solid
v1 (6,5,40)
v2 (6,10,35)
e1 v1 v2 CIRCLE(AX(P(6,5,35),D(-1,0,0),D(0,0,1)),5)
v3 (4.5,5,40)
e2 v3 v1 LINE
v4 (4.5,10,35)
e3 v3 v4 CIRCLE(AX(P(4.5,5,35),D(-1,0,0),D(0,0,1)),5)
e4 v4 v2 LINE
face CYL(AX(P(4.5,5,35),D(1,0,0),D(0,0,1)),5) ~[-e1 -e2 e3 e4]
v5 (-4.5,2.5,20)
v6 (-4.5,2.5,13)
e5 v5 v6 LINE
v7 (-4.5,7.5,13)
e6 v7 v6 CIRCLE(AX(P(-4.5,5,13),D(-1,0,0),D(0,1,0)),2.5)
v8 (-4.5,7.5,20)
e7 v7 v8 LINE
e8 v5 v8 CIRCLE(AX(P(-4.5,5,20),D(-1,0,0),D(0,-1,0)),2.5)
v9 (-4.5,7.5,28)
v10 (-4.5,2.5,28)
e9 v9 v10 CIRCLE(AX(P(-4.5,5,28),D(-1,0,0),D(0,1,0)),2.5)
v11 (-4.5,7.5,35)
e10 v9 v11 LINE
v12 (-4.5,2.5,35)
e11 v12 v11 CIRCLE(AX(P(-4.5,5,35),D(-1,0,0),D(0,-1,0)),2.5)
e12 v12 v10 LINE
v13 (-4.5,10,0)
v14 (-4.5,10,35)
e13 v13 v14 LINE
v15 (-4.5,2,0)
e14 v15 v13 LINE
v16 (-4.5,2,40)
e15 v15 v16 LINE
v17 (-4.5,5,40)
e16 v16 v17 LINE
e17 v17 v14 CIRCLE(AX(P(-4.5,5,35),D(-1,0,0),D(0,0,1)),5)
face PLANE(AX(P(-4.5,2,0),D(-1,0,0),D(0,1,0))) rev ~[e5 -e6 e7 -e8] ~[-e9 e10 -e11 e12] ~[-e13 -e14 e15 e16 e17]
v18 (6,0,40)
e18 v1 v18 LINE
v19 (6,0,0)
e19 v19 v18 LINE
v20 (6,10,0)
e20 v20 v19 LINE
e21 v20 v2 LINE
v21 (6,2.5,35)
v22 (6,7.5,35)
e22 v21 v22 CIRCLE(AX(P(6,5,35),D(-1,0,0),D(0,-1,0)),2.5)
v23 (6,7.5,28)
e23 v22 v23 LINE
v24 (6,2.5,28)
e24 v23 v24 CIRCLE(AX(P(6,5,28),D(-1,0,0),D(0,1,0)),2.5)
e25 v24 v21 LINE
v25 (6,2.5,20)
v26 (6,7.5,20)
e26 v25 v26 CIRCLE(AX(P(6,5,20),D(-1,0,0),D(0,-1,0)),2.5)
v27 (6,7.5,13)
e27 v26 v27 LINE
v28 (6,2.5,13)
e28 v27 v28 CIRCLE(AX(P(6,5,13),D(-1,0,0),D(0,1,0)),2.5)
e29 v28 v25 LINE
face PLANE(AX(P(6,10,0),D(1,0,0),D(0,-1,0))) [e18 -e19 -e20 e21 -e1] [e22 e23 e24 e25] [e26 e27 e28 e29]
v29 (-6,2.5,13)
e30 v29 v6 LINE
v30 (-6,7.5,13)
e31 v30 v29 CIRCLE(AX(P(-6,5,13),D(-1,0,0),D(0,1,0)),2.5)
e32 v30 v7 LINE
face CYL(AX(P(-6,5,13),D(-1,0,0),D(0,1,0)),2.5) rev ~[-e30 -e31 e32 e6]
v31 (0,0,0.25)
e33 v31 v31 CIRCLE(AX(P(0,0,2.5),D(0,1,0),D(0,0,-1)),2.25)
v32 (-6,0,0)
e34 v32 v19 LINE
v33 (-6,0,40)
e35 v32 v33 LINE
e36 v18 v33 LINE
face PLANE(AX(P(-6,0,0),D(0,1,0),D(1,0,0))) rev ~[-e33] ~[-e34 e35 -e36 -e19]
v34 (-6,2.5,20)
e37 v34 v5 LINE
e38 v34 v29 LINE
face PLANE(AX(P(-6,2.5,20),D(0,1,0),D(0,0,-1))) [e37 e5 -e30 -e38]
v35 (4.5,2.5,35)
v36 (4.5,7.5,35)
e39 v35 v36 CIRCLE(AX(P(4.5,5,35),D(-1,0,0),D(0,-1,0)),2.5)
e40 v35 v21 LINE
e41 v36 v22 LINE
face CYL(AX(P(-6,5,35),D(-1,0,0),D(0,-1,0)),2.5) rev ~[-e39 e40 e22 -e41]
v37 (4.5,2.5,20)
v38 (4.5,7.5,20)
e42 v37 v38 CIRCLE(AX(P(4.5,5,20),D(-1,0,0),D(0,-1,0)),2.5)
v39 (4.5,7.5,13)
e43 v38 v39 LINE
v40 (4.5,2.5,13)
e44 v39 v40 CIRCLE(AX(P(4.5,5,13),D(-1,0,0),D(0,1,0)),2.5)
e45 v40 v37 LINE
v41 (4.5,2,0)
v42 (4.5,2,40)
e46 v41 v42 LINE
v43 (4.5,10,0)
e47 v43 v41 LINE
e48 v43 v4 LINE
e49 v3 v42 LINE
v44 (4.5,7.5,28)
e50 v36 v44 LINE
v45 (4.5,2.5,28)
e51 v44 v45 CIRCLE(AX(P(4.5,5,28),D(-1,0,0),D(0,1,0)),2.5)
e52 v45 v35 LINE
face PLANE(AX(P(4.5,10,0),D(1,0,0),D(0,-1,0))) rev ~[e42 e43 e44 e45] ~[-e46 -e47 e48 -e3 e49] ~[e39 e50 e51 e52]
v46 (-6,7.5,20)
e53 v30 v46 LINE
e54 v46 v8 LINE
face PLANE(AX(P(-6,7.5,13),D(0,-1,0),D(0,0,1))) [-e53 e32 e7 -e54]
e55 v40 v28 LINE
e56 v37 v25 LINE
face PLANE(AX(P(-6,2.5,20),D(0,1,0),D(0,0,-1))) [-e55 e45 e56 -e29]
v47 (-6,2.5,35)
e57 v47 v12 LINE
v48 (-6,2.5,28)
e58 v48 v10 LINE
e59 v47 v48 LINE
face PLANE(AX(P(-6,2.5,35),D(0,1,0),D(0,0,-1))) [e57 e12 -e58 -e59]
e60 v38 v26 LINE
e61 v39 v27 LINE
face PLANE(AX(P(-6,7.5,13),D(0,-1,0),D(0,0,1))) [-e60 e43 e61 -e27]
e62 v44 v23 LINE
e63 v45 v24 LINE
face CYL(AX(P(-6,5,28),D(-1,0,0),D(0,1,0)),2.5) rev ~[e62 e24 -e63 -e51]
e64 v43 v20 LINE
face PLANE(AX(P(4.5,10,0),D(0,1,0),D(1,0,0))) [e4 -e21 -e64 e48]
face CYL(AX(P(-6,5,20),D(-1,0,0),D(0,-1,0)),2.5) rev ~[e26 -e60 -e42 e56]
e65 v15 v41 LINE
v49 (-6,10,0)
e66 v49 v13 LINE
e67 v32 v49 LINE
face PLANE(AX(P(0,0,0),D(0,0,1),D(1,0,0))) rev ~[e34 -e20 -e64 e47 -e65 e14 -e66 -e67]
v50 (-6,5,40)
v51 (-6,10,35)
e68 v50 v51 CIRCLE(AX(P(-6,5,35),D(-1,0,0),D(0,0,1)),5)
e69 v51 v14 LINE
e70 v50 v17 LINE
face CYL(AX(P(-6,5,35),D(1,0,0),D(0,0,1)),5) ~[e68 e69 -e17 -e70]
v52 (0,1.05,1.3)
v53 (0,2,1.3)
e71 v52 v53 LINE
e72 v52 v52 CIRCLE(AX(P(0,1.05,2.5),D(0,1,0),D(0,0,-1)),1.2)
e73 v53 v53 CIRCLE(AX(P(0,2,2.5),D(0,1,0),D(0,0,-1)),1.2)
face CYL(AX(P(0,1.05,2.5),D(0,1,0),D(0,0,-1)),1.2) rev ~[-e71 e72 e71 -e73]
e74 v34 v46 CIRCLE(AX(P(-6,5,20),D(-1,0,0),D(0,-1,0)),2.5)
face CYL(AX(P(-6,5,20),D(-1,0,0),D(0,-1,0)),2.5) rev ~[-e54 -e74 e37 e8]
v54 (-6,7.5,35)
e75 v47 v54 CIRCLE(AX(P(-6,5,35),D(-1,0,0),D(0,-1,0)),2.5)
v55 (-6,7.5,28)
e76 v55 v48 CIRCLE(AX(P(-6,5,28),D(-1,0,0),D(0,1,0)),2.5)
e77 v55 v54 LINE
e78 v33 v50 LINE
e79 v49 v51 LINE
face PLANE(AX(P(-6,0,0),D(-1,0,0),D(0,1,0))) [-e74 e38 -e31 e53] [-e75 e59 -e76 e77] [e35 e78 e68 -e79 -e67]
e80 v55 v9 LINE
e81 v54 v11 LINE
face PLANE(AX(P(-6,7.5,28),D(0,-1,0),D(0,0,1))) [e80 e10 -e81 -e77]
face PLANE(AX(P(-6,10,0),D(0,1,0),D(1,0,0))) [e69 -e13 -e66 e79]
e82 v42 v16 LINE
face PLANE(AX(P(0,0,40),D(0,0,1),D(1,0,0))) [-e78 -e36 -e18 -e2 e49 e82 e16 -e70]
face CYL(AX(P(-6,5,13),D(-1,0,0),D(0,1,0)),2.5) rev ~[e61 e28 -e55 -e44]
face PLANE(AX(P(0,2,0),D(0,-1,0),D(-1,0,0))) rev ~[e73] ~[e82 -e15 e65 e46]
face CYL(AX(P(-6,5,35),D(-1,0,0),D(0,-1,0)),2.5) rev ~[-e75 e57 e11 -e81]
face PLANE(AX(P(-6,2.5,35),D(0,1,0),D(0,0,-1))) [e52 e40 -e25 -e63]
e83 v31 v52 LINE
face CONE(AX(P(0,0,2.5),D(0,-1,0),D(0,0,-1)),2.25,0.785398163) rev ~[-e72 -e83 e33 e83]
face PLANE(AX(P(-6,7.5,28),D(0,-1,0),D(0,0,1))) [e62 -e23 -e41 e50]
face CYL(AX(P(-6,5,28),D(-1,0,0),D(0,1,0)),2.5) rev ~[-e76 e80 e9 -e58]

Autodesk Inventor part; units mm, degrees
ref_plane "YZ Plane" through (0, 0, 0) normal (1, 0, 0) x (0, 1, 0)
ref_plane "XZ Plane" through (0, 0, 0) normal (0, 1, 0) x (-1, 0, 0)
ref_plane "XY Plane" through (0, 0, 0) normal (0, 0, 1) x (1, 0, 0)
sketch "Skizze1" plane through (0, 0, 0) normal (0, 0, 1) x (1, 0, 0)
  line L0 (-8.4, 0) -> (8.4, 0) projected
  line L1 (0, -2) -> (0, 12) projected
  line L2 (6, 10) -> (6, 0)
  line L3 (6, 0) -> (-6, 0)
  line L4 (-6, 0) -> (-6, 10)
  line L5 (4.5, 10) -> (4.5, 2)
  line L6 (4.5, 2) -> (-4.5, 2)
  line L7 (-4.5, 2) -> (-4.5, 10)
  line L8 (-6, 10) -> (-4.5, 10)
  line L9 (4.5, 10) -> (6, 10)
  point P0 (0, 0)
  dimension "d0" = 2
  dimension "d2" = 9
  dimension "d3" = 1.5
  dimension "d4" = 10
extrude "Extrusion1" add sketch "Skizze1" along normal blind 40
sketch "Skizze2" plane through (-6, 0, 0) normal (0, -1, 0) x (1, 0, 0)
  line L0 (0, 0) -> (12, 0) projected
  line L1 (12, 0) -> (12, 40) projected
  point P0 (6, 0)
  point P1 (6, 2.5)
  dimension "d7" = 2.5
  dimension "d8" = 6
hole "Bohrung1" at (0, 0, 2.5) direction (0, 1, 0) diameter 2.4 end through all countersink diameter 4.5 countersink angle 90
sketch "Skizze3" plane through (-6, 0, 0) normal (-1, 0, 0) x (0, 0, 1)
  line L0 (0, 0) -> (40, 0) projected
  line L1 (40, 10) -> (40, 0) projected
  line L2 (35, 5) -> (28, 5) construction
  line L3 (35, 2.5) -> (28, 2.5)
  line L4 (28, 7.5) -> (35, 7.5)
  arc A0 (35, 2.5) -> (35, 7.5) centre (35, 5) ccw
  arc A1 (28, 7.5) -> (28, 2.5) centre (28, 5) ccw
  point P0 (31.5, 5)
  dimension "d16" = 5
  dimension "d17" = 5
  dimension "d18" = 5
  dimension "d19" = 7
extrude "Extrusion2" cut sketch "Skizze3" against normal through all
pattern_linear "Rechteckige Anordnung1" count 2 spacing 15 along (0, 0, -1) of "Extrusion2"
fillet "Rundung1" radius 5 2 edges at (5.25, 10, 40) (-5.25, 10, 40)
properties part number "13_1087_001" material "Kupfer"
